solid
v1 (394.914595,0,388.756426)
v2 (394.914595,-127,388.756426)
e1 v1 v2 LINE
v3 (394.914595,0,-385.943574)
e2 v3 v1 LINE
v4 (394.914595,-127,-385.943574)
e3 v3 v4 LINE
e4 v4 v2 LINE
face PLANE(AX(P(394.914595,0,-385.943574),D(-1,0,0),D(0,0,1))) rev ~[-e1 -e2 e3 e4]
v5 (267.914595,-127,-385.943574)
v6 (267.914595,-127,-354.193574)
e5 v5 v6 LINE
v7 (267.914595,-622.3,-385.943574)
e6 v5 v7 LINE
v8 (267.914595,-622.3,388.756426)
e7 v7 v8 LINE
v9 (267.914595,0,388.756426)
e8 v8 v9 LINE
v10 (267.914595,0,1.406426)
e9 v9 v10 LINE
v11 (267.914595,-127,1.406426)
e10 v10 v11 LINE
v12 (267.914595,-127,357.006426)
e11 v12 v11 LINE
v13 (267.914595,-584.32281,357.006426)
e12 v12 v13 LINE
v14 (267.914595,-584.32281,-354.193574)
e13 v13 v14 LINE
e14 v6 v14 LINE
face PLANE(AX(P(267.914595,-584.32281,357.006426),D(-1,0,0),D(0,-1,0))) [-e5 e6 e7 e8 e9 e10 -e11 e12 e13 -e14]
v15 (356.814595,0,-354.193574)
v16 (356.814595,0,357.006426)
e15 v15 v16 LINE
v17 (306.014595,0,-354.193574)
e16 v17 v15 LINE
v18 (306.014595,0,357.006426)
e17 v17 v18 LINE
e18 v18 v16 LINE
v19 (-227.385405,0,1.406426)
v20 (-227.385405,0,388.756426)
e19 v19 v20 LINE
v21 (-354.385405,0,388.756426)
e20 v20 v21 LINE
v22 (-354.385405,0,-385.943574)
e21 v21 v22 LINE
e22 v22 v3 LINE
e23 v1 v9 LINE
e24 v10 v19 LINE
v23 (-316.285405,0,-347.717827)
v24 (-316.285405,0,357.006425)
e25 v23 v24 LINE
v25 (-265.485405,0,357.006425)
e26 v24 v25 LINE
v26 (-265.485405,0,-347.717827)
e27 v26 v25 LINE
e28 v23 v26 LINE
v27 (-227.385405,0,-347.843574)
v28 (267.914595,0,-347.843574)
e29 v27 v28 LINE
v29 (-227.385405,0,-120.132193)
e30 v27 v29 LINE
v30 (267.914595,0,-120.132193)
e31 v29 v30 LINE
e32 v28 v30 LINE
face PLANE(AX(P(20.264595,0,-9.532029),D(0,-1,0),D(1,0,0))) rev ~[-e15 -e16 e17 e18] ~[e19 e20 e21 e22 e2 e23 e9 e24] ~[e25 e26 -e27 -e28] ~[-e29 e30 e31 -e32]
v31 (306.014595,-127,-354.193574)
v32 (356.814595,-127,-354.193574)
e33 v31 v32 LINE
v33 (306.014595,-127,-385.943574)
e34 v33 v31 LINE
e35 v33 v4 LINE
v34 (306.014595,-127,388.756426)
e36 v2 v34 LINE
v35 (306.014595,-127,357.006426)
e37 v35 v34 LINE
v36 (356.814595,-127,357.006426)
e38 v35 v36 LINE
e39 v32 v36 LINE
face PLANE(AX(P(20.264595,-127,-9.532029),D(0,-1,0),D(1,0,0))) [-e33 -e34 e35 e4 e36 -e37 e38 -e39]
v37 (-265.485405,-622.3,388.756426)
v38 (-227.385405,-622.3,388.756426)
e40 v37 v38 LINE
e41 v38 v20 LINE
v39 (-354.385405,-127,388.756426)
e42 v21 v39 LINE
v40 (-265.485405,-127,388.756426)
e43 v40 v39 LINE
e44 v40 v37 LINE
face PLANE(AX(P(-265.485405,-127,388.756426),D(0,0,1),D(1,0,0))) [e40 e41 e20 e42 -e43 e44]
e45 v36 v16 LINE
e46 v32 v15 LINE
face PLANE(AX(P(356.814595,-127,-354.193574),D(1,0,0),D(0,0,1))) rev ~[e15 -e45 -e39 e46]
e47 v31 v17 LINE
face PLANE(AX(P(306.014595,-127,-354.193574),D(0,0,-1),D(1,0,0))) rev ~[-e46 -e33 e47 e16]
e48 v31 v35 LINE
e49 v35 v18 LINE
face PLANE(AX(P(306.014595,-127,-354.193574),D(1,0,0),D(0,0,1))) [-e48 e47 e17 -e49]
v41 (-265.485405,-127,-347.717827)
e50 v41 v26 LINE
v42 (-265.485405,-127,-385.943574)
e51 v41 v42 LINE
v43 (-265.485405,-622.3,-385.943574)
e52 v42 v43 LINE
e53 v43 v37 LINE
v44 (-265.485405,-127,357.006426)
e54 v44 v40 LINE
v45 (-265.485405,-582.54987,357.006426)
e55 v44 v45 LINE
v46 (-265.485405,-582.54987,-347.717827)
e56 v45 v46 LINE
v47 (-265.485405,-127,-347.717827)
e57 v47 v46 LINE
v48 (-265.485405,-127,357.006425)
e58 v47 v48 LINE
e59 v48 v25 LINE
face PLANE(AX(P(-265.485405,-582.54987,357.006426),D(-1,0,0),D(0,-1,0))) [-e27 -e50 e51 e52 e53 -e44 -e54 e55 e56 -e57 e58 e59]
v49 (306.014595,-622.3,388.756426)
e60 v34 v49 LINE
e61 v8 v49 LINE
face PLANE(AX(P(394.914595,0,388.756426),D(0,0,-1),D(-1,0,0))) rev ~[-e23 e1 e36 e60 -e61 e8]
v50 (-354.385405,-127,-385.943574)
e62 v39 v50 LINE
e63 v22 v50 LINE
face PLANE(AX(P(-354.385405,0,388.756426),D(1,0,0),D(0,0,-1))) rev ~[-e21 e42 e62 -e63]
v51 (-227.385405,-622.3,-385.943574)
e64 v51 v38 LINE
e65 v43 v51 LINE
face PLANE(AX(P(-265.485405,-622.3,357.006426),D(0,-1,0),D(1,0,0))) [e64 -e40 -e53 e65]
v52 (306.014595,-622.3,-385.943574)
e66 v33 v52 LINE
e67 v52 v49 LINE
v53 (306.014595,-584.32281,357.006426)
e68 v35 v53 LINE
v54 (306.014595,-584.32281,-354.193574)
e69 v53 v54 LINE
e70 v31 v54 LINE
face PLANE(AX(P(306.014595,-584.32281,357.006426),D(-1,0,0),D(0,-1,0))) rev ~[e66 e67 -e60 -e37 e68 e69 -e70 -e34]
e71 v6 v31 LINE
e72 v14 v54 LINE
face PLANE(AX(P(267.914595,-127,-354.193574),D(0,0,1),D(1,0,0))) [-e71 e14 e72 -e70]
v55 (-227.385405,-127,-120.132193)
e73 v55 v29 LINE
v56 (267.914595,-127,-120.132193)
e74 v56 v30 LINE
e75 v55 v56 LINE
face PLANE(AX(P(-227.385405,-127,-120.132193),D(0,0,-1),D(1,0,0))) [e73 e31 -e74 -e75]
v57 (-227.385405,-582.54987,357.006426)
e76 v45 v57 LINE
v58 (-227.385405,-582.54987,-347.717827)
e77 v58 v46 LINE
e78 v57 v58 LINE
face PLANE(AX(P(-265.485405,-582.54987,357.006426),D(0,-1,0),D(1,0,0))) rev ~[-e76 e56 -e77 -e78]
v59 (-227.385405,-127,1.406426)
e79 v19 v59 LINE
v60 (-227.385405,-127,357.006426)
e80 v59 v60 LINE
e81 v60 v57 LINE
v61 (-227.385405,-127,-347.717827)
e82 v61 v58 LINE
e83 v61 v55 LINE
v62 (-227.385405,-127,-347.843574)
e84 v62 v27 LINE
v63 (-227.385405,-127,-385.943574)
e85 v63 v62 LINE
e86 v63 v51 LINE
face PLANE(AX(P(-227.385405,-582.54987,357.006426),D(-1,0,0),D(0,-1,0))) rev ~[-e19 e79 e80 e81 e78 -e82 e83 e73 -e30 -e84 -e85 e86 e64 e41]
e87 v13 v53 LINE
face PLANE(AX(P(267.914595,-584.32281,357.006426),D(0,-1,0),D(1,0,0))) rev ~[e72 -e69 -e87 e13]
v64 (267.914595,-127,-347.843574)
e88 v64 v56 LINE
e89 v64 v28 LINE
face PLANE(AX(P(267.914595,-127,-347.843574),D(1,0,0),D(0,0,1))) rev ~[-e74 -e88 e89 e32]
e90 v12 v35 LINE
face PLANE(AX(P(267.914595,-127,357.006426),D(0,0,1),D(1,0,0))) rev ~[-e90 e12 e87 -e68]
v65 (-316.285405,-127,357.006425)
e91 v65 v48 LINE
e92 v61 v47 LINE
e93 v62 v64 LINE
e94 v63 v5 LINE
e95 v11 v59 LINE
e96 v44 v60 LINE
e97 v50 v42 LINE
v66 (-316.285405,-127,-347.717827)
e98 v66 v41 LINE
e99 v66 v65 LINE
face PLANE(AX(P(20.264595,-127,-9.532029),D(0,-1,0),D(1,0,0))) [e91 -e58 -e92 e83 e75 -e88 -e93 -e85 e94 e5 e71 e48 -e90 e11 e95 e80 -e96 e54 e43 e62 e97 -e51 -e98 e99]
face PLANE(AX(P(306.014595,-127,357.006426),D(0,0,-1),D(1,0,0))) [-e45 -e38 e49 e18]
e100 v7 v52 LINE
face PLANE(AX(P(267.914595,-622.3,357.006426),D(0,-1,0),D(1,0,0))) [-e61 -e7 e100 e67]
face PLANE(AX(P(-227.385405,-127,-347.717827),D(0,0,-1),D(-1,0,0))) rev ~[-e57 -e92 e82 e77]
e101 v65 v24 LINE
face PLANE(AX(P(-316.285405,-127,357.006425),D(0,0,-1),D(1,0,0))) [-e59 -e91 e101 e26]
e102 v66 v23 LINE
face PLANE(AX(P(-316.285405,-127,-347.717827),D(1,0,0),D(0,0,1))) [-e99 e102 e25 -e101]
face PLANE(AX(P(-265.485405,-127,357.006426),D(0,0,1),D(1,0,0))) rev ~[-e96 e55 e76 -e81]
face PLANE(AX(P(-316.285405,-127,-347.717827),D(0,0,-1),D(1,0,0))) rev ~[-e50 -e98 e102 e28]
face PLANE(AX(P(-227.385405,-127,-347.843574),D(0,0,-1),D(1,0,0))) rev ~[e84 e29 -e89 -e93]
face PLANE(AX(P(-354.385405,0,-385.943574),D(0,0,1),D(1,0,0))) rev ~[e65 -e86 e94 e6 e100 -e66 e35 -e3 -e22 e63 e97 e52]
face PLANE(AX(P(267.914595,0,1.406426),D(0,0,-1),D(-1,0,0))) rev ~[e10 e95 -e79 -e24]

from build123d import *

# Parameters (mm, degrees)
F1_DEPTH  = 127
F2_W      = 50.8
F2_H      = 704.724253
F3_DEPTH  = 127
F4_W      = 50.8
F4_H      = 711.2
F5_DEPTH  = 127
F6_W      = 495.3
F6_H      = 227.711381
F7_DEPTH  = 127
F8_W      = 38.1
F8_H      = 31.75
F9_DEPTH  = 495.3
F10_W     = 38.1
F10_H     = 39.75013
F11_DEPTH = 736.6
F12_W     = 38.1
F12_H     = 37.97719
F13_DEPTH = 736.6


with BuildPart() as f1:
    # F0 (on Front) → F1 (new body)
    with BuildSketch(Plane.XZ):
        Polygon((-227.385405, 388.756426), (-354.385405, 388.756426), (-354.385405, -385.943574), (394.914595, -385.943574), (394.914595, 388.756426), (267.914595, 388.756426), (267.914595, 1.406426), (-227.385405, 1.406426), align=None)
    extrude(amount=F1_DEPTH)

    # F2 (on face) → F3 (cut)
    with BuildSketch(Plane.XZ.offset(127)):
        with Locations((-290.885405, 4.644299)):
            Rectangle(F2_W, F2_H)
    extrude(amount=-F3_DEPTH, mode=Mode.SUBTRACT)

    # F4 (on face) → F5 (cut)
    with BuildSketch(Plane.XZ.offset(127)):
        with Locations((331.414595, 1.406426)):
            Rectangle(F4_W, F4_H)
    extrude(amount=-F5_DEPTH, mode=Mode.SUBTRACT)

    # F6 (on face) → F7 (cut)
    with BuildSketch(Plane.XZ.offset(127)):
        with Locations((20.264595, -233.987884)):
            Rectangle(F6_W, F6_H)
    extrude(amount=-F7_DEPTH, mode=Mode.SUBTRACT)

    # F8 (on face) → F9 (join)
    with BuildSketch(Plane.XZ.offset(127)):
        with Locations((-246.435405, 372.881426)):
            Rectangle(F8_W, F8_H)
        with Locations((286.964595, 372.881426)):
            Rectangle(F8_W, F8_H)
        with Locations((286.964595, -370.068574)):
            Rectangle(F8_W, F8_H)
        Polygon((-227.385405, -347.717827), (-265.485405, -347.717827), (-265.485405, -385.943574), (-227.385405, -385.943574), (-227.385405, -347.843574), align=None)
    extrude(amount=F9_DEPTH)

    # F10 (on face) → F11 (join)
    with BuildSketch(Plane(origin=(0, 0, 357.006426), x_dir=(1, 0, 0), z_dir=(0, 0, -1))):
        with Locations((-246.435405, 602.424935)):
            Rectangle(F10_W, F10_H)
    extrude(amount=F11_DEPTH)

    # F12 (on face) → F13 (join)
    with BuildSketch(Plane(origin=(0, 0, 357.006426), x_dir=(1, 0, 0), z_dir=(0, 0, -1))):
        with Locations((286.964595, 603.311405)):
            Rectangle(F12_W, F12_H)
    extrude(amount=F13_DEPTH)


solid = f1.part
